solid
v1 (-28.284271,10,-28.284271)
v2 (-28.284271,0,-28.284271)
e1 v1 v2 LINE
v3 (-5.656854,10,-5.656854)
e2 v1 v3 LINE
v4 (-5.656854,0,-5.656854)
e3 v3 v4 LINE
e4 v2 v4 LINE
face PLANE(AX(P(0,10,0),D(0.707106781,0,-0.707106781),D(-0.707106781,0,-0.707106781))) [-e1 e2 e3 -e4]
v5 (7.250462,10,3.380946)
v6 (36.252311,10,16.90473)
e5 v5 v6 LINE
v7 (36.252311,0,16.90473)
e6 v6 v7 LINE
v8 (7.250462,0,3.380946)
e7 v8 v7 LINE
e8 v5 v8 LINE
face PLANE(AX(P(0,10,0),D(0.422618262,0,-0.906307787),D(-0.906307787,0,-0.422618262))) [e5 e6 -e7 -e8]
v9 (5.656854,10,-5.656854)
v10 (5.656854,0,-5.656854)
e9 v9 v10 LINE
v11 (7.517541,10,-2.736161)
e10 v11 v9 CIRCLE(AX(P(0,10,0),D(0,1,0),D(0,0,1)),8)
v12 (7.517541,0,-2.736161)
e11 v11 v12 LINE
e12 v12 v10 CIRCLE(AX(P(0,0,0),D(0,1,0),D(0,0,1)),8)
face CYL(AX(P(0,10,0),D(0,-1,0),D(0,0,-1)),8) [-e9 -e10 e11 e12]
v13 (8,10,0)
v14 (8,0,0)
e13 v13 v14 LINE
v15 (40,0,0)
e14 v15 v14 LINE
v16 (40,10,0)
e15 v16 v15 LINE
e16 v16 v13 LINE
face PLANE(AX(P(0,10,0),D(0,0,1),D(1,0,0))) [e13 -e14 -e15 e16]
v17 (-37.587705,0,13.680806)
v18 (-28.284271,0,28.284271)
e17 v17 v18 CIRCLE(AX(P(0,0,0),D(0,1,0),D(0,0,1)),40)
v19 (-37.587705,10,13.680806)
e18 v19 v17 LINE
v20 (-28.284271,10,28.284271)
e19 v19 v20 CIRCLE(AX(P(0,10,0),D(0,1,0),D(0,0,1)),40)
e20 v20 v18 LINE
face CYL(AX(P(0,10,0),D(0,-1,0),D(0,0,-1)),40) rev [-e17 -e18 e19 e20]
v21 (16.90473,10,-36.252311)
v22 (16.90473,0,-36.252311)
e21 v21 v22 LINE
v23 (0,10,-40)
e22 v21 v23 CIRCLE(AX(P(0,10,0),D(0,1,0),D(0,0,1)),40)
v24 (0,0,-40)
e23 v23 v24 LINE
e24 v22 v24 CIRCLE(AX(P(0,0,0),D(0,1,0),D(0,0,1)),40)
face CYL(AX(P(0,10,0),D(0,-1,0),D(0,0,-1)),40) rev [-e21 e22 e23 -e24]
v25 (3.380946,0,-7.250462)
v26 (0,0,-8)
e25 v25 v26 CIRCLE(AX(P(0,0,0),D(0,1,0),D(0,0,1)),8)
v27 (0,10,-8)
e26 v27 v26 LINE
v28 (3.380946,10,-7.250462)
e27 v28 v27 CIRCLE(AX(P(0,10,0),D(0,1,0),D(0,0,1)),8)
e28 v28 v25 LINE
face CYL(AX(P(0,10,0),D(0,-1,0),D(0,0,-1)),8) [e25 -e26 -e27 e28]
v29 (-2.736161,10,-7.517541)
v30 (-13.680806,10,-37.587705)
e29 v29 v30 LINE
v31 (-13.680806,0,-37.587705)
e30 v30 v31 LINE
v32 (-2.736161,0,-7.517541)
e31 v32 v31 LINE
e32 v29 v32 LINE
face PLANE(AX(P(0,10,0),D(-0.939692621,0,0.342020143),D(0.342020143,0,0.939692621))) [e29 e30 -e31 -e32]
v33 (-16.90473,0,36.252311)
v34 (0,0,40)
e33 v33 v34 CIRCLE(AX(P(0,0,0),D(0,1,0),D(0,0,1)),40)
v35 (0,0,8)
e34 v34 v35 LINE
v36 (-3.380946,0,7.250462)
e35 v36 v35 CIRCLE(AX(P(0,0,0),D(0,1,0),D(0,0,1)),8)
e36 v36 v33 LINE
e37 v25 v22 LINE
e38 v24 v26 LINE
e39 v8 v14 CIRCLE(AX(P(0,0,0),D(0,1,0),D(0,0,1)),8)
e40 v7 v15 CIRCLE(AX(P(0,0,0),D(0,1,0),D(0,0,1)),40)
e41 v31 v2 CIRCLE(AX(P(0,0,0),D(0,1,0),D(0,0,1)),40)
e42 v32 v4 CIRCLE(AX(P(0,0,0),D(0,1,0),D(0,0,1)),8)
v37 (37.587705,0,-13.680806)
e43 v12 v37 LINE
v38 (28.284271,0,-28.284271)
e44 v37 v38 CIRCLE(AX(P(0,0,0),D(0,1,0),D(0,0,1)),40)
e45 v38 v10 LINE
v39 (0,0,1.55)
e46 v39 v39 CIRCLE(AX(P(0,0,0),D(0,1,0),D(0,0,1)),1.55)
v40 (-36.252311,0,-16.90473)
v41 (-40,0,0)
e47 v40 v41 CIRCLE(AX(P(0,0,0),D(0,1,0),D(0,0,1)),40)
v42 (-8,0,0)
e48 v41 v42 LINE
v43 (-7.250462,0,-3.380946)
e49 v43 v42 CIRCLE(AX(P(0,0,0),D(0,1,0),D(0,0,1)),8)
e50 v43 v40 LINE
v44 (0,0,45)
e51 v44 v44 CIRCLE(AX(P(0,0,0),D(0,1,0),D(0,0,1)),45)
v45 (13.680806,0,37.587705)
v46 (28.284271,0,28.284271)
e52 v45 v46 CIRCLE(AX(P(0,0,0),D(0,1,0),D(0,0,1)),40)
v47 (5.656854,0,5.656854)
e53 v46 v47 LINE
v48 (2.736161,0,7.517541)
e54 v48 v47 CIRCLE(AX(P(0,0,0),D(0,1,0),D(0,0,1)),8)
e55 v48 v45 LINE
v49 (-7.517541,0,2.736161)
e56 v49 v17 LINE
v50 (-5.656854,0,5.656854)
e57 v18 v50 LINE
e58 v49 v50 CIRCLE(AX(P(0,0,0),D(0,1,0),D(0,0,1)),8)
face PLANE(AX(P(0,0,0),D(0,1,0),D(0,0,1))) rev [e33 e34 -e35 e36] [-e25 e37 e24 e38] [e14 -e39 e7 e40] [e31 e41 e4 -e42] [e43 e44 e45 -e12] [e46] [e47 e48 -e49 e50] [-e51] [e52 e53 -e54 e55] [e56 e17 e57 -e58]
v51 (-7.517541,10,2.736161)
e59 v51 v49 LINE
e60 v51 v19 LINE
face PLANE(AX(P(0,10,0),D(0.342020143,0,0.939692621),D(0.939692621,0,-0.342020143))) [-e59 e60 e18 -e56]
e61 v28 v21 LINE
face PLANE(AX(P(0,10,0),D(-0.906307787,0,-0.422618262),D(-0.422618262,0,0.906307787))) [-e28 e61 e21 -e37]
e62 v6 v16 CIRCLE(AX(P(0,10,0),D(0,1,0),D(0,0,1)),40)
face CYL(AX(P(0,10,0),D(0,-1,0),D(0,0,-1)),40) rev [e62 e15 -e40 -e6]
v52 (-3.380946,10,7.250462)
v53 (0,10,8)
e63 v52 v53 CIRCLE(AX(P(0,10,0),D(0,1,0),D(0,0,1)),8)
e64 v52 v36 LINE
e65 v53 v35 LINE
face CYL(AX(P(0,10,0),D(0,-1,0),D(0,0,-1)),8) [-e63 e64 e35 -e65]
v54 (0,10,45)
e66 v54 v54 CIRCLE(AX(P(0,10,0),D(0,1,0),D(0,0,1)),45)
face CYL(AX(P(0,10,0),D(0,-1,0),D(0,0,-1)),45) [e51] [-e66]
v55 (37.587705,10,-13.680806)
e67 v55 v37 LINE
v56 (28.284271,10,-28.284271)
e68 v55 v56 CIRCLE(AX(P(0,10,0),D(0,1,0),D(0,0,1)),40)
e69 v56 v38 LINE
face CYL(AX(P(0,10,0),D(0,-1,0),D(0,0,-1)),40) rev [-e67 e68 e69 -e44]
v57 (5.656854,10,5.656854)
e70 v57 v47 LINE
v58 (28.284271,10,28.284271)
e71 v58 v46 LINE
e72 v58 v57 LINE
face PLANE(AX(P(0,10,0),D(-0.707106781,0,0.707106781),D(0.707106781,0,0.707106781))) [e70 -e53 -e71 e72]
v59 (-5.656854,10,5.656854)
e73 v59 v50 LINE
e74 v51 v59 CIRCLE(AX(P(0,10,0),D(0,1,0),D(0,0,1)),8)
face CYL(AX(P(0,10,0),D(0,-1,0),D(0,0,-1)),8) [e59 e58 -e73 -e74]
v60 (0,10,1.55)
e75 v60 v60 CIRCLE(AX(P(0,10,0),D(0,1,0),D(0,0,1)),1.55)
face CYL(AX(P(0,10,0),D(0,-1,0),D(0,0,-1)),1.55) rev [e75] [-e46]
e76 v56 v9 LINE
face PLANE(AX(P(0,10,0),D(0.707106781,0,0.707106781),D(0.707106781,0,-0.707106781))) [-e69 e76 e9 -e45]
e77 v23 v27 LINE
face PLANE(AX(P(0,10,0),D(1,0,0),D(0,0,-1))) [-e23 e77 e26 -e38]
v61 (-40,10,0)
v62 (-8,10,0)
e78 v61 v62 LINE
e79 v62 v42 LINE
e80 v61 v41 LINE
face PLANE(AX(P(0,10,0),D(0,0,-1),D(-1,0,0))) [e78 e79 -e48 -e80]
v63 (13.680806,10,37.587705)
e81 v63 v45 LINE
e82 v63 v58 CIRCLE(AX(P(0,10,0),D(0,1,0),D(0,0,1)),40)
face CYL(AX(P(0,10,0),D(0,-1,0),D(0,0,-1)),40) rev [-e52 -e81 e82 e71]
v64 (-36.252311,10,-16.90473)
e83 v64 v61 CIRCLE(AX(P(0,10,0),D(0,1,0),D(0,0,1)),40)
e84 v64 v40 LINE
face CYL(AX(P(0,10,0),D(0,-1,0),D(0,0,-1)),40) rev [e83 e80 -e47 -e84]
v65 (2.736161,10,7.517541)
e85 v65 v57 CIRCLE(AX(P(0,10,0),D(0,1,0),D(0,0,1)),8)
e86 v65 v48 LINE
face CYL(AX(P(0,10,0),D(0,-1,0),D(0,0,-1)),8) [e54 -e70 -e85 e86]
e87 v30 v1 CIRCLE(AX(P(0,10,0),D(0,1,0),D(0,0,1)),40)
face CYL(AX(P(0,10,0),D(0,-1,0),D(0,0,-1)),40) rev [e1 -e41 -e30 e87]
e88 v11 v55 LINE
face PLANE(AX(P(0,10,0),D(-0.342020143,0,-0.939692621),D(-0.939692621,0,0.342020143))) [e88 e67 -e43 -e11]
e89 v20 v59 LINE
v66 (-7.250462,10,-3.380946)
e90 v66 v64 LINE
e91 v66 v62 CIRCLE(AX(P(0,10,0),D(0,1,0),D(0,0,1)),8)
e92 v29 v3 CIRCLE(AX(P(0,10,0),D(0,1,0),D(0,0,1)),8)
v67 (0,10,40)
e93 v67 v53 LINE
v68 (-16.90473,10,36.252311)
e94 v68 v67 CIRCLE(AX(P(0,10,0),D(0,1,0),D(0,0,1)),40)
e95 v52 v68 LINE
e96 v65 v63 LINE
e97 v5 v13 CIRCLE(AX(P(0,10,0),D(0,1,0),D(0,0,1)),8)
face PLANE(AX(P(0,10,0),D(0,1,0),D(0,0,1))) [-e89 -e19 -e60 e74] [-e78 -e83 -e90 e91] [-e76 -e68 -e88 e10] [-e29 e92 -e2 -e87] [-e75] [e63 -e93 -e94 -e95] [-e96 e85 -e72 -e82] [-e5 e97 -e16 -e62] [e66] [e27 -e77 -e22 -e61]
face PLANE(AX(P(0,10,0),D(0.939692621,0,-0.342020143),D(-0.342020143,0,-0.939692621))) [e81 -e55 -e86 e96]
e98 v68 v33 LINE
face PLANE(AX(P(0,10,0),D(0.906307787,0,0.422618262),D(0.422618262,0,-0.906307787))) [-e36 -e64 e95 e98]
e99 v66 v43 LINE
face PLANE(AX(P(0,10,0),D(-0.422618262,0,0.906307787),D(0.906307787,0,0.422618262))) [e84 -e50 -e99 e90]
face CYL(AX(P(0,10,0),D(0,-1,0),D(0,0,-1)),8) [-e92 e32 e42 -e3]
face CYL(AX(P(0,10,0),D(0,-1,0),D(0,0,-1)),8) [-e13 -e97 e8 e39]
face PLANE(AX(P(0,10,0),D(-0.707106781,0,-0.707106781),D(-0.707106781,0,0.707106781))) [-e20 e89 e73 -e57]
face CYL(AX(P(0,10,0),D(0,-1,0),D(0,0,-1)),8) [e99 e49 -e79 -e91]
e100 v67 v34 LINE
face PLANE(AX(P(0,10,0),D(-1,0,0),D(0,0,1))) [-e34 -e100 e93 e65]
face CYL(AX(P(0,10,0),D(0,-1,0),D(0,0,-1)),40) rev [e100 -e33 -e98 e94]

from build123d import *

# Parameters (mm, degrees)
SKETCH1_R           = 45
SKETCH1_R_2         = 8
SKETCH1_R_3         = 1.55
BOSS_EXTRUDE1_DEPTH = 10


with BuildPart() as part:
    # Sketch1 → Boss-Extrude1 (new body)
    # profile 1 of 2: a face of its own
    with BuildSketch(Plane(origin=(0, 0, 0), x_dir=(1, 0, 0), z_dir=(0, 1, 0))):
        with Locations(Location((0, 0, 0), (0, 0, 270))):
            Circle(SKETCH1_R)
        with BuildLine():
            Line((0, 8), (0, 40))
            ThreePointArc((0, 40), (8.657584558, 39.051840285), (16.90473047, 36.252311481))
            Line((16.90473047, 36.252311481), (3.380946094, 7.250462296))
            ThreePointArc((3.380946094, 7.250462296), (4.588611491, 6.553216354), (5.656854249, 5.656854249))
            Line((5.656854249, 5.656854249), (28.284271247, 28.284271247))
            ThreePointArc((28.284271247, 28.284271247), (33.735657833, 21.491984334), (37.587704831, 13.680805733))
            Line((37.587704831, 13.680805733), (7.517540966, 2.736161147))
            ThreePointArc((7.517540966, 2.736161147), (7.878462024, 1.389185421), (8, 0))
            Line((8, 0), (40, 0))
            ThreePointArc((40, 0), (39.051840285, -8.657584558), (36.252311481, -16.90473047))
            Line((36.252311481, -16.90473047), (7.250462296, -3.380946094))
            ThreePointArc((7.250462296, -3.380946094), (6.553216354, -4.588611491), (5.656854249, -5.656854249))
            Line((5.656854249, -5.656854249), (28.284271247, -28.284271247))
            ThreePointArc((28.284271247, -28.284271247), (21.491984334, -33.735657833), (13.680805733, -37.587704831))
            Line((13.680805733, -37.587704831), (2.736161147, -7.517540966))
            ThreePointArc((2.736161147, -7.517540966), (1.389185421, -7.878462024), (0, -8))
            Line((0, -8), (0, -40))
            ThreePointArc((0, -40), (-8.657584558, -39.051840285), (-16.90473047, -36.252311481))
            Line((-16.90473047, -36.252311481), (-3.380946094, -7.250462296))
            ThreePointArc((-3.380946094, -7.250462296), (-4.588611491, -6.553216354), (-5.656854249, -5.656854249))
            Line((-5.656854249, -5.656854249), (-28.284271247, -28.284271247))
            ThreePointArc((-28.284271247, -28.284271247), (-33.735657833, -21.491984334), (-37.587704831, -13.680805733))
            Line((-37.587704831, -13.680805733), (-7.517540966, -2.736161147))
            ThreePointArc((-7.517540966, -2.736161147), (-7.878462024, -1.389185421), (-8, 0))
            Line((-8, 0), (-40, 0))
            ThreePointArc((-40, 0), (-39.051840285, 8.657584558), (-36.252311481, 16.90473047))
            Line((-36.252311481, 16.90473047), (-7.250462296, 3.380946094))
            ThreePointArc((-7.250462296, 3.380946094), (-6.553216354, 4.588611491), (-5.656854249, 5.656854249))
            Line((-5.656854249, 5.656854249), (-28.284271247, 28.284271247))
            ThreePointArc((-28.284271247, 28.284271247), (-21.491984334, 33.735657833), (-13.680805733, 37.587704831))
            Line((-13.680805733, 37.587704831), (-2.736161147, 7.517540966))
            ThreePointArc((-2.736161147, 7.517540966), (-1.389185421, 7.878462024), (0, 8))
        make_face(mode=Mode.SUBTRACT)
    # profile 2 of 2: a face of its own
    with BuildSketch(Plane(origin=(0, 0, 0), x_dir=(1, 0, 0), z_dir=(0, 1, 0))):
        Circle(SKETCH1_R_2)
        with Locations(Location((0, 0, 0), (0, 0, 270))):
            Circle(SKETCH1_R_3, mode=Mode.SUBTRACT)
    extrude(amount=BOSS_EXTRUDE1_DEPTH)


solid = part.part
